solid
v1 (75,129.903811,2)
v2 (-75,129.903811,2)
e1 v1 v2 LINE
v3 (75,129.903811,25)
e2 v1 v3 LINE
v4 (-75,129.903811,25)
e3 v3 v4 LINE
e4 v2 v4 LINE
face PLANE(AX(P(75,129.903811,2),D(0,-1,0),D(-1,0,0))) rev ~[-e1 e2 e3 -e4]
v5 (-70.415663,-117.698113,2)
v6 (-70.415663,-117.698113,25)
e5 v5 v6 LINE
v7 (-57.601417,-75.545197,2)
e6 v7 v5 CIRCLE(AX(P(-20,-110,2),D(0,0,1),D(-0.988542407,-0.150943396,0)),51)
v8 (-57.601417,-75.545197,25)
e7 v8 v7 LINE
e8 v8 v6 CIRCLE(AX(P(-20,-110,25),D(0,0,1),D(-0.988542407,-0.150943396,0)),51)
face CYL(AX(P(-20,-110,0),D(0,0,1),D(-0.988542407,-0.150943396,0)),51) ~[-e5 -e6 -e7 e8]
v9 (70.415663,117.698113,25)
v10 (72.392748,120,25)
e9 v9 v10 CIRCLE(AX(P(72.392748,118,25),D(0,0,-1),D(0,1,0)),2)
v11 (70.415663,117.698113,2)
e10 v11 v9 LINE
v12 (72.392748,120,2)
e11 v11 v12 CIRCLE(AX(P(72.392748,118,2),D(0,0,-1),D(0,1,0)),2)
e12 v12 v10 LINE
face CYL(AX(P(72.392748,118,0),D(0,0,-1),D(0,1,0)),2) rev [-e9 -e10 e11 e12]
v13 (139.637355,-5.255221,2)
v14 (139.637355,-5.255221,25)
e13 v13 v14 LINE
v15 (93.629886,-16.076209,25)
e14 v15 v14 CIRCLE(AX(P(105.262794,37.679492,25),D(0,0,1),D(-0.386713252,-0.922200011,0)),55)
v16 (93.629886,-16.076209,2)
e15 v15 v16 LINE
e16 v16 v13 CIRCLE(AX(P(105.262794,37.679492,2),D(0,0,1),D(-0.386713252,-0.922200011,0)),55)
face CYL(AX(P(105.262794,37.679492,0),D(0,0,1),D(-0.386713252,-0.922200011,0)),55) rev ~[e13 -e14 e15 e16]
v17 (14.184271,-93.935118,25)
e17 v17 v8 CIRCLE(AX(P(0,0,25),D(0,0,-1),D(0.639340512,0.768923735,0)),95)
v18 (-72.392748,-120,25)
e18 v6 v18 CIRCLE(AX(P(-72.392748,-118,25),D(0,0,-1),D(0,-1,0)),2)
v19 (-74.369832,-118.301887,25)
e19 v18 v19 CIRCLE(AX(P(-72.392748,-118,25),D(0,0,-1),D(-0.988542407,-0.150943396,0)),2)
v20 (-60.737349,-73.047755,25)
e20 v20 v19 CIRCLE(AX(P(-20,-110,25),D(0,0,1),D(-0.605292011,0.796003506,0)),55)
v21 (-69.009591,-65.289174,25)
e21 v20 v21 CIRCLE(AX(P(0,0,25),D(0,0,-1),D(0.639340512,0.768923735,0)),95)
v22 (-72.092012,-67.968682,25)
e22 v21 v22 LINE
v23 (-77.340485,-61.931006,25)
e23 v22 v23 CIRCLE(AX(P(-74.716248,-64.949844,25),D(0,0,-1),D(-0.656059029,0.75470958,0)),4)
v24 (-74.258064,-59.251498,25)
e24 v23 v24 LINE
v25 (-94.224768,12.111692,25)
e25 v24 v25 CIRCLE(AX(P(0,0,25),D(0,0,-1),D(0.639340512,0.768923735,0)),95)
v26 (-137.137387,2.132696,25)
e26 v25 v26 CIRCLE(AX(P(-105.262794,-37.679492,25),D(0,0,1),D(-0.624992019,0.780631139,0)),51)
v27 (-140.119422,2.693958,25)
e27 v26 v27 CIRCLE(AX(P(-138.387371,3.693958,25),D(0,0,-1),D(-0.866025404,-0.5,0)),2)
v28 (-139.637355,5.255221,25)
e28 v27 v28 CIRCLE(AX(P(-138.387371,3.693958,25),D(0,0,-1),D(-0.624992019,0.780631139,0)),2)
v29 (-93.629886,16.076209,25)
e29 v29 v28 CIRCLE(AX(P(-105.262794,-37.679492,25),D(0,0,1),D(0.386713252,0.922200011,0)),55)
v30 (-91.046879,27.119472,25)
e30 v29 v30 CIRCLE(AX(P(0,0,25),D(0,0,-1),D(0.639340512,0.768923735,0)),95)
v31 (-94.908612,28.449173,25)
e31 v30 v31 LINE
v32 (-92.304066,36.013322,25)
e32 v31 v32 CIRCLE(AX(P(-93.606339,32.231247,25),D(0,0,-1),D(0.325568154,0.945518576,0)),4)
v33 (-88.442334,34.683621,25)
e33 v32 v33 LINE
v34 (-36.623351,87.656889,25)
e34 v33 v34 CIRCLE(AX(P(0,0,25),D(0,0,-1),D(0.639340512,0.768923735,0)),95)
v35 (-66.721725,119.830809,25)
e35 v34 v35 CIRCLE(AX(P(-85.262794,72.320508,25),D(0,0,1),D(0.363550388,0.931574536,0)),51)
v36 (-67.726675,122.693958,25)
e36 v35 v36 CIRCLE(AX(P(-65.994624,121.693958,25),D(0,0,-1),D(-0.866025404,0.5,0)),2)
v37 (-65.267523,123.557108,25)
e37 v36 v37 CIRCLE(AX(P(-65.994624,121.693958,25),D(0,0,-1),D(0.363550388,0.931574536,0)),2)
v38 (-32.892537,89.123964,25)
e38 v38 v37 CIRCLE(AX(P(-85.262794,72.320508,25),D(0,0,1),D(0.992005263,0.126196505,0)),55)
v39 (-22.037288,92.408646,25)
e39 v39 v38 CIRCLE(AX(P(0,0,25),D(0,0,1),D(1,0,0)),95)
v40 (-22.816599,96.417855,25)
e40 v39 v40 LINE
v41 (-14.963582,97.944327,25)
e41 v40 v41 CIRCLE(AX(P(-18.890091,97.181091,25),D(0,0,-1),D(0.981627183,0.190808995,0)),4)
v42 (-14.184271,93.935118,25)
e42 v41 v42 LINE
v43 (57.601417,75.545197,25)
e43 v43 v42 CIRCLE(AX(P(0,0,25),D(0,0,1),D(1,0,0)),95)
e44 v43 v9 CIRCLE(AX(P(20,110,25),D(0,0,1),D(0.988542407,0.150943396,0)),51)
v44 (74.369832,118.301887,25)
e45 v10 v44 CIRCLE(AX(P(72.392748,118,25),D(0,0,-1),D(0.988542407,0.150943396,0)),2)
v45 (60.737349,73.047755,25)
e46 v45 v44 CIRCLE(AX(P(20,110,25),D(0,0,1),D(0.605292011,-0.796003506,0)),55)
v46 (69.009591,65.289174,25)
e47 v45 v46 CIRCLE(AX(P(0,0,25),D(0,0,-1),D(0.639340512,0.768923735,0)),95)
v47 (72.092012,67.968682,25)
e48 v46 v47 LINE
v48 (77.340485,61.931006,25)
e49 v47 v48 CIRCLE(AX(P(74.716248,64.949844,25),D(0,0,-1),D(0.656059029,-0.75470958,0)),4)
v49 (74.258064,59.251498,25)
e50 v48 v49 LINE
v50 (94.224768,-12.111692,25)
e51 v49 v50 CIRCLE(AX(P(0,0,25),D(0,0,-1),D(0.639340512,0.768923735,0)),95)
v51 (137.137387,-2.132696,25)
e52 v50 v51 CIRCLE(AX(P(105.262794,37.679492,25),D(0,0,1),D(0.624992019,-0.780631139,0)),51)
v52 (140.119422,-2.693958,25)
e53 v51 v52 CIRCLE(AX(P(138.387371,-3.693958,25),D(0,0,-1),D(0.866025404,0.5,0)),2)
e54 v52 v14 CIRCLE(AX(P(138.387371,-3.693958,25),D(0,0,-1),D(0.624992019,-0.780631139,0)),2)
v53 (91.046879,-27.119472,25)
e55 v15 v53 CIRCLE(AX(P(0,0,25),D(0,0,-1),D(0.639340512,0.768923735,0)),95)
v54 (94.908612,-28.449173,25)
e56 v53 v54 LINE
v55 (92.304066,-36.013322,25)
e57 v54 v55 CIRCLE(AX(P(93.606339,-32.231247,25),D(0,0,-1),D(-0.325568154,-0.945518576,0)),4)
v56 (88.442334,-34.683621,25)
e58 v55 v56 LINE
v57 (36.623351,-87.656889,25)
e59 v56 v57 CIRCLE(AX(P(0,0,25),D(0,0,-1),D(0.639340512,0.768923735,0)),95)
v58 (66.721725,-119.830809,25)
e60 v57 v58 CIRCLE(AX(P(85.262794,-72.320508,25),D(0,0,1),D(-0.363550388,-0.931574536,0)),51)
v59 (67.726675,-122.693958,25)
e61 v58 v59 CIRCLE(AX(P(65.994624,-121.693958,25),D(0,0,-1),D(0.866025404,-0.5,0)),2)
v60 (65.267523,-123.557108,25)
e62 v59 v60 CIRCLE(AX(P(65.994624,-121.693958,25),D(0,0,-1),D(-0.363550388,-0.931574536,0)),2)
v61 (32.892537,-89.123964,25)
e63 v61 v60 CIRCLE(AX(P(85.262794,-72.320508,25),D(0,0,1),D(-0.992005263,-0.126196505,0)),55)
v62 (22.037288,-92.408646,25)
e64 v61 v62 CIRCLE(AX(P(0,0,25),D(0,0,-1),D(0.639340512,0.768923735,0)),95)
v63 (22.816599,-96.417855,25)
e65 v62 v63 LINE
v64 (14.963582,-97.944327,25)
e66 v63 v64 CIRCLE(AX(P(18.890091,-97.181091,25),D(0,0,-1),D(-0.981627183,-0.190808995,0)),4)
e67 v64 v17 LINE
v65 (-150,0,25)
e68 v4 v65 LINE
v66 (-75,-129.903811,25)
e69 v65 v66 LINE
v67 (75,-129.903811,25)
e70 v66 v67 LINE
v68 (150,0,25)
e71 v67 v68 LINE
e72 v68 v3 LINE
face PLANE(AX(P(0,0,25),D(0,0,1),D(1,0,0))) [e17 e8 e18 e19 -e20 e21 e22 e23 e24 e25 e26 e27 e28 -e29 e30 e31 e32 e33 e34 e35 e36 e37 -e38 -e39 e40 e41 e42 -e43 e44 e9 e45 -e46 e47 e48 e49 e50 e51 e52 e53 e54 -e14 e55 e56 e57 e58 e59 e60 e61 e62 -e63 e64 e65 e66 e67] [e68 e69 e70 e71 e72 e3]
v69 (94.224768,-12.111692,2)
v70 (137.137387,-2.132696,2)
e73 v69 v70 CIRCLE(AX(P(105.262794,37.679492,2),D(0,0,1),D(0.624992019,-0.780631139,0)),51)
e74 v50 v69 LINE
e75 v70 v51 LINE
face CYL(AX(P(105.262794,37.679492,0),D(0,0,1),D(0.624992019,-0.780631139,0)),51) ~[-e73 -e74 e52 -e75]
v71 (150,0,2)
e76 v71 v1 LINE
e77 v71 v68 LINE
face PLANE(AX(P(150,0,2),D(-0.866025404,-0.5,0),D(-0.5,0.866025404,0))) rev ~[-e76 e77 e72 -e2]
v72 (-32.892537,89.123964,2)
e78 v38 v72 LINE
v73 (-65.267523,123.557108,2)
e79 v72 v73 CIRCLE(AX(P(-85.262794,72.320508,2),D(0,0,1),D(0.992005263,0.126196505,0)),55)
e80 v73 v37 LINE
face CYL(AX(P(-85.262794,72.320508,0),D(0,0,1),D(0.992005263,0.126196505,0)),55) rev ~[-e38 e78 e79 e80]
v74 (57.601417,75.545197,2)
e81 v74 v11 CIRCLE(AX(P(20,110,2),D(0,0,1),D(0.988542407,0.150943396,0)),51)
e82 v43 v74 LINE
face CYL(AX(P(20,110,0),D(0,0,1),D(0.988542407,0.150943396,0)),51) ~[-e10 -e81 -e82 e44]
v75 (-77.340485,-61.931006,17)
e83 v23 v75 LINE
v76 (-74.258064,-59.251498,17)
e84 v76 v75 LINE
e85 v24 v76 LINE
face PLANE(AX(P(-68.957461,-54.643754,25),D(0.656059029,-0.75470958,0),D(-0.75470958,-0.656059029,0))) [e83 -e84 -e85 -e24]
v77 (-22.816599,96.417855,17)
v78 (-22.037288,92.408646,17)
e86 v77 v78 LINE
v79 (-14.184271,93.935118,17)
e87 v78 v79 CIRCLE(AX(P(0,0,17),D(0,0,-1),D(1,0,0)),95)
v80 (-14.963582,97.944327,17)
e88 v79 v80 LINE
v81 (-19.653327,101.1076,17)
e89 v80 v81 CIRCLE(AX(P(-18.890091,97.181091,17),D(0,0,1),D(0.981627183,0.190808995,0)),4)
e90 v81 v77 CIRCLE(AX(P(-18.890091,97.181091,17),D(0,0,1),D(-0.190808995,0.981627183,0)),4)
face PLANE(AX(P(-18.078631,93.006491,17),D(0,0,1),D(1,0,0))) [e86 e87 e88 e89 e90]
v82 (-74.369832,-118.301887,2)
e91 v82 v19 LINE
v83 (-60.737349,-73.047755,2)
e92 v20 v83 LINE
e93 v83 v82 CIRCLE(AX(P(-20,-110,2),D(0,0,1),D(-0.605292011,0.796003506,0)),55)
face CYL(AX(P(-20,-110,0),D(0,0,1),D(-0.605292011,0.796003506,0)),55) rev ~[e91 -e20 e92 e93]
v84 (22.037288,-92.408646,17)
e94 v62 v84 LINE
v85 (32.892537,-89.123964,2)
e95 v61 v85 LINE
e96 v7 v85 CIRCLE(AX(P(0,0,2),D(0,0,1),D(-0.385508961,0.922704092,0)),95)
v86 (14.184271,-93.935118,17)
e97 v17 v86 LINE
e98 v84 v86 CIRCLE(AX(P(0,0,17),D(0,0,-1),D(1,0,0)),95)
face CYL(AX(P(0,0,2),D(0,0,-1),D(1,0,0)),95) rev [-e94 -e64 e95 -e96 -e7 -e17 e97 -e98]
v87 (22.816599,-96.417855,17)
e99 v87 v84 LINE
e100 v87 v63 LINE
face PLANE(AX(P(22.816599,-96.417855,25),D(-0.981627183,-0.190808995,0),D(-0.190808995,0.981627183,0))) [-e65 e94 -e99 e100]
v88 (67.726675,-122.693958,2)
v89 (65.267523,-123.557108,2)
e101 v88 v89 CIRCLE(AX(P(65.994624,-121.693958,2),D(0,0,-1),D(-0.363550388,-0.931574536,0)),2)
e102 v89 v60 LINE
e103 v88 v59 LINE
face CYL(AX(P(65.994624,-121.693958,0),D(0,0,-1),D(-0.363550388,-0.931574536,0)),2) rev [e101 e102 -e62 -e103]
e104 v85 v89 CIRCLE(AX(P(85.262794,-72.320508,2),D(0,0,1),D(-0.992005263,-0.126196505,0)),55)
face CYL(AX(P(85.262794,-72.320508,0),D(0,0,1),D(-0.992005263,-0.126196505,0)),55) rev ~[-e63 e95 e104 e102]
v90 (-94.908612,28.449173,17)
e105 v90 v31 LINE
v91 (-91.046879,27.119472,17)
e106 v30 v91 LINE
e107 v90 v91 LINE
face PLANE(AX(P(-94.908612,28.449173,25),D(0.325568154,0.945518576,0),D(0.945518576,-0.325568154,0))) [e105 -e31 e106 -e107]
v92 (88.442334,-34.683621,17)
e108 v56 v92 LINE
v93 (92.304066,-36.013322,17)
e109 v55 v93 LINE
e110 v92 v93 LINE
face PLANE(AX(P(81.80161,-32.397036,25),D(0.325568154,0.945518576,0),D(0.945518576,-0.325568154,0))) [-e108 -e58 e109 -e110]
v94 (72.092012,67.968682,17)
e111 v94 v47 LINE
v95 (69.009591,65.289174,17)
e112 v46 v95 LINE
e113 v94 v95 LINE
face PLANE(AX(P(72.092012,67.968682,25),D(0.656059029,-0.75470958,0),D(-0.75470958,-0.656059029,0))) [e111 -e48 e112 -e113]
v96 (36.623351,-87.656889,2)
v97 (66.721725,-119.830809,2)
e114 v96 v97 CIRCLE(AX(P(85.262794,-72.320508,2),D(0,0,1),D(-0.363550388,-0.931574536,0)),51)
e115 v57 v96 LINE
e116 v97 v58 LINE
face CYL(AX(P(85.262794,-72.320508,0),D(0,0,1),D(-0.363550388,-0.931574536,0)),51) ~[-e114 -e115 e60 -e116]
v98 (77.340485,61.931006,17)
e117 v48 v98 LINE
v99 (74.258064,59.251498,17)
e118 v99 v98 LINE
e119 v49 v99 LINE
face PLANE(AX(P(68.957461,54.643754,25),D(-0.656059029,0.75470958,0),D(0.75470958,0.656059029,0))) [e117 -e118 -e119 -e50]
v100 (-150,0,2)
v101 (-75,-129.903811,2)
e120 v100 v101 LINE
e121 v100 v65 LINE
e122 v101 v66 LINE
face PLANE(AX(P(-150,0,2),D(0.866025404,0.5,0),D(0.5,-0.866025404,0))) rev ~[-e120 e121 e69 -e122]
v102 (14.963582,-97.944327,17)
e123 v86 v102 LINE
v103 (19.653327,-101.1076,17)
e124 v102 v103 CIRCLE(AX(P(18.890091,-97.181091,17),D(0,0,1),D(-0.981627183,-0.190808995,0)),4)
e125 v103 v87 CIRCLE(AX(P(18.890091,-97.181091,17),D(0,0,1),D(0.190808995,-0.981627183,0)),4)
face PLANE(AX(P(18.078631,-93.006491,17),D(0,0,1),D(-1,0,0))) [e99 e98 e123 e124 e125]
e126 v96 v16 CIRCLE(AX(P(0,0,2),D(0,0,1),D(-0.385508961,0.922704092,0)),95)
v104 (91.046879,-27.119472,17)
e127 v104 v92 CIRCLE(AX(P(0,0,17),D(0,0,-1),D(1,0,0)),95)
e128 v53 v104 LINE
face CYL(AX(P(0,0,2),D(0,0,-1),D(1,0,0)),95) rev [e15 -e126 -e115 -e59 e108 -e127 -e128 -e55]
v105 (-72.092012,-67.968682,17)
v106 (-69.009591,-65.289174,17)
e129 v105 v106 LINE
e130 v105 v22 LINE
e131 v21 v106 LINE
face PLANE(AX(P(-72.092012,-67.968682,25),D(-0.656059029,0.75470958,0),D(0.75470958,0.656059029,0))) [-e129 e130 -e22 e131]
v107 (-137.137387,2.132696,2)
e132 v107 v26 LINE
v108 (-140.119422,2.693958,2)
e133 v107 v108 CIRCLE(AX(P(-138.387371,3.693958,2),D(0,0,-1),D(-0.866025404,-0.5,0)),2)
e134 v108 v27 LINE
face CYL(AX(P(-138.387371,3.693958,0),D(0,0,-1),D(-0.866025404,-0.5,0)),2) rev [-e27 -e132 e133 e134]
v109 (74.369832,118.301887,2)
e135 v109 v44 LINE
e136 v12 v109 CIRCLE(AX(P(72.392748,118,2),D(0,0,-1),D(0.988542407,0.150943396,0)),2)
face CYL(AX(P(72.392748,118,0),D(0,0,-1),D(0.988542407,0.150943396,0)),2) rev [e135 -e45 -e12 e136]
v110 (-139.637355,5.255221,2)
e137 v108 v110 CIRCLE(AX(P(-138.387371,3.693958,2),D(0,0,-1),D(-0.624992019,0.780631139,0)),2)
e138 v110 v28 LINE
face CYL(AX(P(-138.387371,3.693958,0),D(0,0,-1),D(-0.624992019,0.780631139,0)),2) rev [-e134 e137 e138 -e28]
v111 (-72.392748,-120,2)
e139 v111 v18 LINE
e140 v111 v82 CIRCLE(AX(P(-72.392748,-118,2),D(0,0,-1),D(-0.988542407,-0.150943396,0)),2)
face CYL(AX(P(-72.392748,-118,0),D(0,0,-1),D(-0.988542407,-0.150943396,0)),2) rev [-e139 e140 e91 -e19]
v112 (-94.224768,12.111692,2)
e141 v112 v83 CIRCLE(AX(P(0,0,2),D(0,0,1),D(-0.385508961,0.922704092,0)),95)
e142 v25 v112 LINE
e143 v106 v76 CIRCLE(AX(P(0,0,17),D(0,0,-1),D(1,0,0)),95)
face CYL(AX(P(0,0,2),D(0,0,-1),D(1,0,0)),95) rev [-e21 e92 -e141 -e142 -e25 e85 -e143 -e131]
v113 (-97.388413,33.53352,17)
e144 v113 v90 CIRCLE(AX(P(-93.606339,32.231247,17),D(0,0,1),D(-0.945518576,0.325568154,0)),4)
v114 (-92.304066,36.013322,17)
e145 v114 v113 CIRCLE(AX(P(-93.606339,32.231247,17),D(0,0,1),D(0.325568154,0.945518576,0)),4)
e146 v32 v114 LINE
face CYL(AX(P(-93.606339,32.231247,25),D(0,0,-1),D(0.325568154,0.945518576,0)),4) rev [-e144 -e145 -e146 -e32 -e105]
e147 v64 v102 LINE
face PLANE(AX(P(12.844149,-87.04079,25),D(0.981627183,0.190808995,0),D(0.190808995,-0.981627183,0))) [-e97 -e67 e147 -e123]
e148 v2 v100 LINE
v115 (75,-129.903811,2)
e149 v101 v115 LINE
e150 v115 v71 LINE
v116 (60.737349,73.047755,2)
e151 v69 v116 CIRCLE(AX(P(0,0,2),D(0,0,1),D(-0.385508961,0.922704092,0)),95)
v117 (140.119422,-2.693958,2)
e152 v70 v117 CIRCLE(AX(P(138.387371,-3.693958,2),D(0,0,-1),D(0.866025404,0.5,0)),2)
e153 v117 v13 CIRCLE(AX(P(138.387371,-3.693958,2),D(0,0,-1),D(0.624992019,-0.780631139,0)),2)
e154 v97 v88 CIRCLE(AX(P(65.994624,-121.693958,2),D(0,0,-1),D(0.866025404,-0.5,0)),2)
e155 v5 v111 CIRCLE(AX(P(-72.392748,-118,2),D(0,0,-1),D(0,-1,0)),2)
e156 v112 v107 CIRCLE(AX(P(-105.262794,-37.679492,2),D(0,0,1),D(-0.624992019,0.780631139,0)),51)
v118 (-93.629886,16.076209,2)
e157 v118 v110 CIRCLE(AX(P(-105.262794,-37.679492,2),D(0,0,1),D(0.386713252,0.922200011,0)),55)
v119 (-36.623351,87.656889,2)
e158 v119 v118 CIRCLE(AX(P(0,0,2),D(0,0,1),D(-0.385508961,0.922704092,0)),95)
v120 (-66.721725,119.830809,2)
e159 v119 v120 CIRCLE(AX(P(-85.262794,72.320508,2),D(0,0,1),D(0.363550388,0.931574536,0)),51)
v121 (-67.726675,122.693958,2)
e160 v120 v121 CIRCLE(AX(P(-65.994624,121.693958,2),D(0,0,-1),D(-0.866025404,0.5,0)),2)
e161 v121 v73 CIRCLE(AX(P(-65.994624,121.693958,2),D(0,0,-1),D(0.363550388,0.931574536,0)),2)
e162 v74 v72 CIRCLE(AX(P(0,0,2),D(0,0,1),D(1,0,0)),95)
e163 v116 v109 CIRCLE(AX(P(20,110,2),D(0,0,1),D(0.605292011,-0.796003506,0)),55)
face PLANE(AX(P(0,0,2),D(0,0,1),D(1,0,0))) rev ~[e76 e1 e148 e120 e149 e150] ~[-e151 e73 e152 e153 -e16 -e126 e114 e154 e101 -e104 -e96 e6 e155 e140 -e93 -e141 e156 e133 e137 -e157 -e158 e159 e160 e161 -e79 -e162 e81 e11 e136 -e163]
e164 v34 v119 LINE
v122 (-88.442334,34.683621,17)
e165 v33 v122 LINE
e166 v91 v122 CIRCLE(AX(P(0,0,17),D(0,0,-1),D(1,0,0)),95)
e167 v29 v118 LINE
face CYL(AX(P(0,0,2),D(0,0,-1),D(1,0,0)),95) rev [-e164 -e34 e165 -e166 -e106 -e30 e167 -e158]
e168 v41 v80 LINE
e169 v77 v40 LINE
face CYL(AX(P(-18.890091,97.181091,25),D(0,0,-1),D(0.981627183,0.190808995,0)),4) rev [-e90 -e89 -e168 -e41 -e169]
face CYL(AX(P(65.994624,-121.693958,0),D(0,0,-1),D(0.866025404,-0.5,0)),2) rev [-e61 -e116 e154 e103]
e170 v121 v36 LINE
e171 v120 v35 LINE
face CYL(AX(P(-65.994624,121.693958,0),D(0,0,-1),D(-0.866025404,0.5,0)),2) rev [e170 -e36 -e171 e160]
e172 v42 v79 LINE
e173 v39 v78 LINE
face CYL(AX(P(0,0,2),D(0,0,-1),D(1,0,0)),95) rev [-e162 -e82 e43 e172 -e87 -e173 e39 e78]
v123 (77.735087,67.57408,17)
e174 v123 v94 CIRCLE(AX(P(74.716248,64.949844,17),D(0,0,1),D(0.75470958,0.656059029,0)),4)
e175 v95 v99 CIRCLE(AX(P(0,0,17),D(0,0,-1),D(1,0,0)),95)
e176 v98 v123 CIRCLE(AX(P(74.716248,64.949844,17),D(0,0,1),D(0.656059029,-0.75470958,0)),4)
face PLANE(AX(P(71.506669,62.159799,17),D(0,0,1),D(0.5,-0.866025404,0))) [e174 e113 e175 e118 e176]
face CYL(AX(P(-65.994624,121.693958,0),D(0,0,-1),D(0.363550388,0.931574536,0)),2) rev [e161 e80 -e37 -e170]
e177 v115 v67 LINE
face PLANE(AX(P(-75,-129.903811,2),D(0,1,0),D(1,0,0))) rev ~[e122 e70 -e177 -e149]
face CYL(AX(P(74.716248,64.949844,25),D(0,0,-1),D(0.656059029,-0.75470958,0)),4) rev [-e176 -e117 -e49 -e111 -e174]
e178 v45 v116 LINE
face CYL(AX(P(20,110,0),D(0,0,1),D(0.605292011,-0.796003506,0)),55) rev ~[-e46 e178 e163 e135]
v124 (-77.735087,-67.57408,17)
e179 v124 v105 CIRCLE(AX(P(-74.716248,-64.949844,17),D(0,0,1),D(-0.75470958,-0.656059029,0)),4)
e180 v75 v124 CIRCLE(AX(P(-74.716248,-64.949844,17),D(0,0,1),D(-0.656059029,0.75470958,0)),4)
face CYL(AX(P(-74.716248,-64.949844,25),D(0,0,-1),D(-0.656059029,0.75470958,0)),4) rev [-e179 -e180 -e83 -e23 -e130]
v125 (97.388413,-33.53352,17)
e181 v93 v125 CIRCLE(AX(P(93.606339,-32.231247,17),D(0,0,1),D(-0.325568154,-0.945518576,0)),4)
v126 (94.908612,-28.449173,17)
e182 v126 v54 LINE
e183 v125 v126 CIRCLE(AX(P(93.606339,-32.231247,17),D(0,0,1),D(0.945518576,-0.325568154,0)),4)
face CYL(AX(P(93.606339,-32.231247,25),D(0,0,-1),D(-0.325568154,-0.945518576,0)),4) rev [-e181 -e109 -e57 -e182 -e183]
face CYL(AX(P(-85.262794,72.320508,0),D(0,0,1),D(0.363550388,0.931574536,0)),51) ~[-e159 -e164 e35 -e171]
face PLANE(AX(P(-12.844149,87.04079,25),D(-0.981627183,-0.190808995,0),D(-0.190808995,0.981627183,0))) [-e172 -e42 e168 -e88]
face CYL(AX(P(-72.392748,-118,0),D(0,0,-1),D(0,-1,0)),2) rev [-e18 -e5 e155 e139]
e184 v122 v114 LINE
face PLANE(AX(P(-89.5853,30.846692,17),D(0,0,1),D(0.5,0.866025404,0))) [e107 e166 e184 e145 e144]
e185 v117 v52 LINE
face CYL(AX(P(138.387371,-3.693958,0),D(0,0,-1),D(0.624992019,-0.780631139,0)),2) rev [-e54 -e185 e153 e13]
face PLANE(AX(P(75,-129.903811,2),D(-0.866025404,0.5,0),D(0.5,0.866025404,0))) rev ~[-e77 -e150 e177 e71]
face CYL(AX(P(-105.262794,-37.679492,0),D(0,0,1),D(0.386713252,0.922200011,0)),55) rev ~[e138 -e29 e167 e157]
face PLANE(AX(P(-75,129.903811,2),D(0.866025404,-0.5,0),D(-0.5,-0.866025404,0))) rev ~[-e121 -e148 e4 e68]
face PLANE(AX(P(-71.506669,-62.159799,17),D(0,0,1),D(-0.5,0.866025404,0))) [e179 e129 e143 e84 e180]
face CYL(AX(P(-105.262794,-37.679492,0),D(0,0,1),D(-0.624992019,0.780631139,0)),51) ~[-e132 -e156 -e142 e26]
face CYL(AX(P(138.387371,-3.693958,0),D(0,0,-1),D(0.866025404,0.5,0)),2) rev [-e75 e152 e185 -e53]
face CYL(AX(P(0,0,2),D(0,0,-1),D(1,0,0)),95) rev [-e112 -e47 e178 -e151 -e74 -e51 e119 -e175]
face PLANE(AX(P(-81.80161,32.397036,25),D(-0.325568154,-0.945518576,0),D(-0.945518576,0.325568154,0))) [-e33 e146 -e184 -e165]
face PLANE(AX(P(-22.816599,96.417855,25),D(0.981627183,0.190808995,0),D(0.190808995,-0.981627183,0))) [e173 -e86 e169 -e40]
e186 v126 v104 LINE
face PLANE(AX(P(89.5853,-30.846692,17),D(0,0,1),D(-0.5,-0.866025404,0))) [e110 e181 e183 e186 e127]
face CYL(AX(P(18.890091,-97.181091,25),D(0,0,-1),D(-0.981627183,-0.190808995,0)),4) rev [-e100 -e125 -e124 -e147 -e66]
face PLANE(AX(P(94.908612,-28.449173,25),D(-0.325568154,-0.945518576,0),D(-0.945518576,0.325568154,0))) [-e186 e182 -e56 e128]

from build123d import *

# Parameters (mm, degrees)
F2_START      = 2
F0_R          = 95
F2_DEPTH      = 23
F4_DEPTH      = 35
F4_DEPTH_BACK = 10
F5_COUNT      = 6
F8_DEPTH      = 8
F8_DEPTH_BACK = 10
F9_COUNT      = 6


with BuildPart() as f2:
    # F0 (on Top) → F2 (new body)
    with BuildSketch(Plane.XY.offset(F2_START)):
        Polygon((75, 129.9038105677), (-75, 129.9038105677), (-150, 0), (-75, -129.9038105677), (75, -129.9038105677), (150, 0), align=None)
        Circle(F0_R, mode=Mode.SUBTRACT)
    extrude(amount=F2_DEPTH)


with BuildPart() as f4:
    # F3 (on Top) → F4 (new body, two sides)
    with BuildSketch(Plane.XY) as f4_sk:
        with BuildLine():
            ThreePointArc((-34.5435296861, 77.6643068393), (-32.6327882373, 78.4863117484), (-30.7025049427, 79.2613158498))
            ThreePointArc((-30.7025049427, 79.2613158498), (-41.9019572207, 106.1559598637), (-65.2675230757, 123.5571075336))
            ThreePointArc((-65.2675230757, 123.5571075336), (-66.656996648, 123.5810891624), (-67.7266746593, 122.6939584625))
            ThreePointArc((-67.7266746593, 122.6939584625), (-67.8817545517, 121.0315856662), (-66.7217246277, 119.8308093913))
            ThreePointArc((-66.7217246277, 119.8308093913), (-44.7195832857, 103.2599332678), (-34.5435296861, 77.6643068393))
        make_face()
    extrude(amount=F4_DEPTH)
    extrude(f4_sk.sketch, amount=-F4_DEPTH_BACK)


with BuildPart() as f5_1:
    # F5: instance of F4
    add(f4.part.rotate(Axis((0, 0, -0.1854561269), (0, 0, 1)), 1 * 360 / F5_COUNT))


with BuildPart() as f5_2:
    # F5: instance of F4
    add(f4.part.rotate(Axis((0, 0, -0.1854561269), (0, 0, 1)), 2 * 360 / F5_COUNT))


with BuildPart() as f5_3:
    # F5: instance of F4
    add(f4.part.rotate(Axis((0, 0, -0.1854561269), (0, 0, 1)), 3 * 360 / F5_COUNT))


with BuildPart() as f5_4:
    # F5: instance of F4
    add(f4.part.rotate(Axis((0, 0, -0.1854561269), (0, 0, 1)), 4 * 360 / F5_COUNT))


with BuildPart() as f5_5:
    # F5: instance of F4
    add(f4.part.rotate(Axis((0, 0, -0.1854561269), (0, 0, 1)), 5 * 360 / F5_COUNT))


with BuildPart() as f2_1:
    add(f2.part)

    # F6: cut F4, F5_5, F5_4, F5_3, F5_2, F5_1
    add(f4.part, mode=Mode.SUBTRACT)
    add(f5_5.part, mode=Mode.SUBTRACT)
    add(f5_4.part, mode=Mode.SUBTRACT)
    add(f5_3.part, mode=Mode.SUBTRACT)
    add(f5_2.part, mode=Mode.SUBTRACT)
    add(f5_1.part, mode=Mode.SUBTRACT)

    # F9: F8 ×6 about axis
    f9_axis = Axis((0, 0, -0.1854561269), (0, 0, 1))


with BuildPart() as f8:
    # F7 (on face) → F8 (new body, two sides)
    with BuildSketch(Plane.XY.offset(25)) as f8_sk:
        with BuildLine():
            ThreePointArc((-14.9635818085, 97.9443271428), (-16.6533189284, 100.4972414515), (-19.6533265238, 101.1075998951))
            ThreePointArc((-19.6533265238, 101.1075998951), (-22.2062408325, 99.4178627752), (-22.8165992761, 96.4178551798))
            Line((-22.8165992761, 96.4178551798), (-20.6971664161, 85.5143183486))
            Line((-20.6971664161, 85.5143183486), (-16.7706576823, 86.2775543301))
            Line((-16.7706576823, 86.2775543301), (-12.8441489485, 87.0407903117))
            Line((-12.8441489485, 87.0407903117), (-14.9635818085, 97.9443271428))
        make_face()
    extrude(amount=-F8_DEPTH)
    extrude(f8_sk.sketch, amount=F8_DEPTH_BACK)


with BuildPart() as f2_2:
    add(f2_1.part)
    for i in range(1, F9_COUNT):
        add(f8.part.rotate(f9_axis, i * 360 / F9_COUNT), mode=Mode.SUBTRACT)

    # F9#seed: cut F8
    add(f8.part, mode=Mode.SUBTRACT)


solid = f2_2.part
